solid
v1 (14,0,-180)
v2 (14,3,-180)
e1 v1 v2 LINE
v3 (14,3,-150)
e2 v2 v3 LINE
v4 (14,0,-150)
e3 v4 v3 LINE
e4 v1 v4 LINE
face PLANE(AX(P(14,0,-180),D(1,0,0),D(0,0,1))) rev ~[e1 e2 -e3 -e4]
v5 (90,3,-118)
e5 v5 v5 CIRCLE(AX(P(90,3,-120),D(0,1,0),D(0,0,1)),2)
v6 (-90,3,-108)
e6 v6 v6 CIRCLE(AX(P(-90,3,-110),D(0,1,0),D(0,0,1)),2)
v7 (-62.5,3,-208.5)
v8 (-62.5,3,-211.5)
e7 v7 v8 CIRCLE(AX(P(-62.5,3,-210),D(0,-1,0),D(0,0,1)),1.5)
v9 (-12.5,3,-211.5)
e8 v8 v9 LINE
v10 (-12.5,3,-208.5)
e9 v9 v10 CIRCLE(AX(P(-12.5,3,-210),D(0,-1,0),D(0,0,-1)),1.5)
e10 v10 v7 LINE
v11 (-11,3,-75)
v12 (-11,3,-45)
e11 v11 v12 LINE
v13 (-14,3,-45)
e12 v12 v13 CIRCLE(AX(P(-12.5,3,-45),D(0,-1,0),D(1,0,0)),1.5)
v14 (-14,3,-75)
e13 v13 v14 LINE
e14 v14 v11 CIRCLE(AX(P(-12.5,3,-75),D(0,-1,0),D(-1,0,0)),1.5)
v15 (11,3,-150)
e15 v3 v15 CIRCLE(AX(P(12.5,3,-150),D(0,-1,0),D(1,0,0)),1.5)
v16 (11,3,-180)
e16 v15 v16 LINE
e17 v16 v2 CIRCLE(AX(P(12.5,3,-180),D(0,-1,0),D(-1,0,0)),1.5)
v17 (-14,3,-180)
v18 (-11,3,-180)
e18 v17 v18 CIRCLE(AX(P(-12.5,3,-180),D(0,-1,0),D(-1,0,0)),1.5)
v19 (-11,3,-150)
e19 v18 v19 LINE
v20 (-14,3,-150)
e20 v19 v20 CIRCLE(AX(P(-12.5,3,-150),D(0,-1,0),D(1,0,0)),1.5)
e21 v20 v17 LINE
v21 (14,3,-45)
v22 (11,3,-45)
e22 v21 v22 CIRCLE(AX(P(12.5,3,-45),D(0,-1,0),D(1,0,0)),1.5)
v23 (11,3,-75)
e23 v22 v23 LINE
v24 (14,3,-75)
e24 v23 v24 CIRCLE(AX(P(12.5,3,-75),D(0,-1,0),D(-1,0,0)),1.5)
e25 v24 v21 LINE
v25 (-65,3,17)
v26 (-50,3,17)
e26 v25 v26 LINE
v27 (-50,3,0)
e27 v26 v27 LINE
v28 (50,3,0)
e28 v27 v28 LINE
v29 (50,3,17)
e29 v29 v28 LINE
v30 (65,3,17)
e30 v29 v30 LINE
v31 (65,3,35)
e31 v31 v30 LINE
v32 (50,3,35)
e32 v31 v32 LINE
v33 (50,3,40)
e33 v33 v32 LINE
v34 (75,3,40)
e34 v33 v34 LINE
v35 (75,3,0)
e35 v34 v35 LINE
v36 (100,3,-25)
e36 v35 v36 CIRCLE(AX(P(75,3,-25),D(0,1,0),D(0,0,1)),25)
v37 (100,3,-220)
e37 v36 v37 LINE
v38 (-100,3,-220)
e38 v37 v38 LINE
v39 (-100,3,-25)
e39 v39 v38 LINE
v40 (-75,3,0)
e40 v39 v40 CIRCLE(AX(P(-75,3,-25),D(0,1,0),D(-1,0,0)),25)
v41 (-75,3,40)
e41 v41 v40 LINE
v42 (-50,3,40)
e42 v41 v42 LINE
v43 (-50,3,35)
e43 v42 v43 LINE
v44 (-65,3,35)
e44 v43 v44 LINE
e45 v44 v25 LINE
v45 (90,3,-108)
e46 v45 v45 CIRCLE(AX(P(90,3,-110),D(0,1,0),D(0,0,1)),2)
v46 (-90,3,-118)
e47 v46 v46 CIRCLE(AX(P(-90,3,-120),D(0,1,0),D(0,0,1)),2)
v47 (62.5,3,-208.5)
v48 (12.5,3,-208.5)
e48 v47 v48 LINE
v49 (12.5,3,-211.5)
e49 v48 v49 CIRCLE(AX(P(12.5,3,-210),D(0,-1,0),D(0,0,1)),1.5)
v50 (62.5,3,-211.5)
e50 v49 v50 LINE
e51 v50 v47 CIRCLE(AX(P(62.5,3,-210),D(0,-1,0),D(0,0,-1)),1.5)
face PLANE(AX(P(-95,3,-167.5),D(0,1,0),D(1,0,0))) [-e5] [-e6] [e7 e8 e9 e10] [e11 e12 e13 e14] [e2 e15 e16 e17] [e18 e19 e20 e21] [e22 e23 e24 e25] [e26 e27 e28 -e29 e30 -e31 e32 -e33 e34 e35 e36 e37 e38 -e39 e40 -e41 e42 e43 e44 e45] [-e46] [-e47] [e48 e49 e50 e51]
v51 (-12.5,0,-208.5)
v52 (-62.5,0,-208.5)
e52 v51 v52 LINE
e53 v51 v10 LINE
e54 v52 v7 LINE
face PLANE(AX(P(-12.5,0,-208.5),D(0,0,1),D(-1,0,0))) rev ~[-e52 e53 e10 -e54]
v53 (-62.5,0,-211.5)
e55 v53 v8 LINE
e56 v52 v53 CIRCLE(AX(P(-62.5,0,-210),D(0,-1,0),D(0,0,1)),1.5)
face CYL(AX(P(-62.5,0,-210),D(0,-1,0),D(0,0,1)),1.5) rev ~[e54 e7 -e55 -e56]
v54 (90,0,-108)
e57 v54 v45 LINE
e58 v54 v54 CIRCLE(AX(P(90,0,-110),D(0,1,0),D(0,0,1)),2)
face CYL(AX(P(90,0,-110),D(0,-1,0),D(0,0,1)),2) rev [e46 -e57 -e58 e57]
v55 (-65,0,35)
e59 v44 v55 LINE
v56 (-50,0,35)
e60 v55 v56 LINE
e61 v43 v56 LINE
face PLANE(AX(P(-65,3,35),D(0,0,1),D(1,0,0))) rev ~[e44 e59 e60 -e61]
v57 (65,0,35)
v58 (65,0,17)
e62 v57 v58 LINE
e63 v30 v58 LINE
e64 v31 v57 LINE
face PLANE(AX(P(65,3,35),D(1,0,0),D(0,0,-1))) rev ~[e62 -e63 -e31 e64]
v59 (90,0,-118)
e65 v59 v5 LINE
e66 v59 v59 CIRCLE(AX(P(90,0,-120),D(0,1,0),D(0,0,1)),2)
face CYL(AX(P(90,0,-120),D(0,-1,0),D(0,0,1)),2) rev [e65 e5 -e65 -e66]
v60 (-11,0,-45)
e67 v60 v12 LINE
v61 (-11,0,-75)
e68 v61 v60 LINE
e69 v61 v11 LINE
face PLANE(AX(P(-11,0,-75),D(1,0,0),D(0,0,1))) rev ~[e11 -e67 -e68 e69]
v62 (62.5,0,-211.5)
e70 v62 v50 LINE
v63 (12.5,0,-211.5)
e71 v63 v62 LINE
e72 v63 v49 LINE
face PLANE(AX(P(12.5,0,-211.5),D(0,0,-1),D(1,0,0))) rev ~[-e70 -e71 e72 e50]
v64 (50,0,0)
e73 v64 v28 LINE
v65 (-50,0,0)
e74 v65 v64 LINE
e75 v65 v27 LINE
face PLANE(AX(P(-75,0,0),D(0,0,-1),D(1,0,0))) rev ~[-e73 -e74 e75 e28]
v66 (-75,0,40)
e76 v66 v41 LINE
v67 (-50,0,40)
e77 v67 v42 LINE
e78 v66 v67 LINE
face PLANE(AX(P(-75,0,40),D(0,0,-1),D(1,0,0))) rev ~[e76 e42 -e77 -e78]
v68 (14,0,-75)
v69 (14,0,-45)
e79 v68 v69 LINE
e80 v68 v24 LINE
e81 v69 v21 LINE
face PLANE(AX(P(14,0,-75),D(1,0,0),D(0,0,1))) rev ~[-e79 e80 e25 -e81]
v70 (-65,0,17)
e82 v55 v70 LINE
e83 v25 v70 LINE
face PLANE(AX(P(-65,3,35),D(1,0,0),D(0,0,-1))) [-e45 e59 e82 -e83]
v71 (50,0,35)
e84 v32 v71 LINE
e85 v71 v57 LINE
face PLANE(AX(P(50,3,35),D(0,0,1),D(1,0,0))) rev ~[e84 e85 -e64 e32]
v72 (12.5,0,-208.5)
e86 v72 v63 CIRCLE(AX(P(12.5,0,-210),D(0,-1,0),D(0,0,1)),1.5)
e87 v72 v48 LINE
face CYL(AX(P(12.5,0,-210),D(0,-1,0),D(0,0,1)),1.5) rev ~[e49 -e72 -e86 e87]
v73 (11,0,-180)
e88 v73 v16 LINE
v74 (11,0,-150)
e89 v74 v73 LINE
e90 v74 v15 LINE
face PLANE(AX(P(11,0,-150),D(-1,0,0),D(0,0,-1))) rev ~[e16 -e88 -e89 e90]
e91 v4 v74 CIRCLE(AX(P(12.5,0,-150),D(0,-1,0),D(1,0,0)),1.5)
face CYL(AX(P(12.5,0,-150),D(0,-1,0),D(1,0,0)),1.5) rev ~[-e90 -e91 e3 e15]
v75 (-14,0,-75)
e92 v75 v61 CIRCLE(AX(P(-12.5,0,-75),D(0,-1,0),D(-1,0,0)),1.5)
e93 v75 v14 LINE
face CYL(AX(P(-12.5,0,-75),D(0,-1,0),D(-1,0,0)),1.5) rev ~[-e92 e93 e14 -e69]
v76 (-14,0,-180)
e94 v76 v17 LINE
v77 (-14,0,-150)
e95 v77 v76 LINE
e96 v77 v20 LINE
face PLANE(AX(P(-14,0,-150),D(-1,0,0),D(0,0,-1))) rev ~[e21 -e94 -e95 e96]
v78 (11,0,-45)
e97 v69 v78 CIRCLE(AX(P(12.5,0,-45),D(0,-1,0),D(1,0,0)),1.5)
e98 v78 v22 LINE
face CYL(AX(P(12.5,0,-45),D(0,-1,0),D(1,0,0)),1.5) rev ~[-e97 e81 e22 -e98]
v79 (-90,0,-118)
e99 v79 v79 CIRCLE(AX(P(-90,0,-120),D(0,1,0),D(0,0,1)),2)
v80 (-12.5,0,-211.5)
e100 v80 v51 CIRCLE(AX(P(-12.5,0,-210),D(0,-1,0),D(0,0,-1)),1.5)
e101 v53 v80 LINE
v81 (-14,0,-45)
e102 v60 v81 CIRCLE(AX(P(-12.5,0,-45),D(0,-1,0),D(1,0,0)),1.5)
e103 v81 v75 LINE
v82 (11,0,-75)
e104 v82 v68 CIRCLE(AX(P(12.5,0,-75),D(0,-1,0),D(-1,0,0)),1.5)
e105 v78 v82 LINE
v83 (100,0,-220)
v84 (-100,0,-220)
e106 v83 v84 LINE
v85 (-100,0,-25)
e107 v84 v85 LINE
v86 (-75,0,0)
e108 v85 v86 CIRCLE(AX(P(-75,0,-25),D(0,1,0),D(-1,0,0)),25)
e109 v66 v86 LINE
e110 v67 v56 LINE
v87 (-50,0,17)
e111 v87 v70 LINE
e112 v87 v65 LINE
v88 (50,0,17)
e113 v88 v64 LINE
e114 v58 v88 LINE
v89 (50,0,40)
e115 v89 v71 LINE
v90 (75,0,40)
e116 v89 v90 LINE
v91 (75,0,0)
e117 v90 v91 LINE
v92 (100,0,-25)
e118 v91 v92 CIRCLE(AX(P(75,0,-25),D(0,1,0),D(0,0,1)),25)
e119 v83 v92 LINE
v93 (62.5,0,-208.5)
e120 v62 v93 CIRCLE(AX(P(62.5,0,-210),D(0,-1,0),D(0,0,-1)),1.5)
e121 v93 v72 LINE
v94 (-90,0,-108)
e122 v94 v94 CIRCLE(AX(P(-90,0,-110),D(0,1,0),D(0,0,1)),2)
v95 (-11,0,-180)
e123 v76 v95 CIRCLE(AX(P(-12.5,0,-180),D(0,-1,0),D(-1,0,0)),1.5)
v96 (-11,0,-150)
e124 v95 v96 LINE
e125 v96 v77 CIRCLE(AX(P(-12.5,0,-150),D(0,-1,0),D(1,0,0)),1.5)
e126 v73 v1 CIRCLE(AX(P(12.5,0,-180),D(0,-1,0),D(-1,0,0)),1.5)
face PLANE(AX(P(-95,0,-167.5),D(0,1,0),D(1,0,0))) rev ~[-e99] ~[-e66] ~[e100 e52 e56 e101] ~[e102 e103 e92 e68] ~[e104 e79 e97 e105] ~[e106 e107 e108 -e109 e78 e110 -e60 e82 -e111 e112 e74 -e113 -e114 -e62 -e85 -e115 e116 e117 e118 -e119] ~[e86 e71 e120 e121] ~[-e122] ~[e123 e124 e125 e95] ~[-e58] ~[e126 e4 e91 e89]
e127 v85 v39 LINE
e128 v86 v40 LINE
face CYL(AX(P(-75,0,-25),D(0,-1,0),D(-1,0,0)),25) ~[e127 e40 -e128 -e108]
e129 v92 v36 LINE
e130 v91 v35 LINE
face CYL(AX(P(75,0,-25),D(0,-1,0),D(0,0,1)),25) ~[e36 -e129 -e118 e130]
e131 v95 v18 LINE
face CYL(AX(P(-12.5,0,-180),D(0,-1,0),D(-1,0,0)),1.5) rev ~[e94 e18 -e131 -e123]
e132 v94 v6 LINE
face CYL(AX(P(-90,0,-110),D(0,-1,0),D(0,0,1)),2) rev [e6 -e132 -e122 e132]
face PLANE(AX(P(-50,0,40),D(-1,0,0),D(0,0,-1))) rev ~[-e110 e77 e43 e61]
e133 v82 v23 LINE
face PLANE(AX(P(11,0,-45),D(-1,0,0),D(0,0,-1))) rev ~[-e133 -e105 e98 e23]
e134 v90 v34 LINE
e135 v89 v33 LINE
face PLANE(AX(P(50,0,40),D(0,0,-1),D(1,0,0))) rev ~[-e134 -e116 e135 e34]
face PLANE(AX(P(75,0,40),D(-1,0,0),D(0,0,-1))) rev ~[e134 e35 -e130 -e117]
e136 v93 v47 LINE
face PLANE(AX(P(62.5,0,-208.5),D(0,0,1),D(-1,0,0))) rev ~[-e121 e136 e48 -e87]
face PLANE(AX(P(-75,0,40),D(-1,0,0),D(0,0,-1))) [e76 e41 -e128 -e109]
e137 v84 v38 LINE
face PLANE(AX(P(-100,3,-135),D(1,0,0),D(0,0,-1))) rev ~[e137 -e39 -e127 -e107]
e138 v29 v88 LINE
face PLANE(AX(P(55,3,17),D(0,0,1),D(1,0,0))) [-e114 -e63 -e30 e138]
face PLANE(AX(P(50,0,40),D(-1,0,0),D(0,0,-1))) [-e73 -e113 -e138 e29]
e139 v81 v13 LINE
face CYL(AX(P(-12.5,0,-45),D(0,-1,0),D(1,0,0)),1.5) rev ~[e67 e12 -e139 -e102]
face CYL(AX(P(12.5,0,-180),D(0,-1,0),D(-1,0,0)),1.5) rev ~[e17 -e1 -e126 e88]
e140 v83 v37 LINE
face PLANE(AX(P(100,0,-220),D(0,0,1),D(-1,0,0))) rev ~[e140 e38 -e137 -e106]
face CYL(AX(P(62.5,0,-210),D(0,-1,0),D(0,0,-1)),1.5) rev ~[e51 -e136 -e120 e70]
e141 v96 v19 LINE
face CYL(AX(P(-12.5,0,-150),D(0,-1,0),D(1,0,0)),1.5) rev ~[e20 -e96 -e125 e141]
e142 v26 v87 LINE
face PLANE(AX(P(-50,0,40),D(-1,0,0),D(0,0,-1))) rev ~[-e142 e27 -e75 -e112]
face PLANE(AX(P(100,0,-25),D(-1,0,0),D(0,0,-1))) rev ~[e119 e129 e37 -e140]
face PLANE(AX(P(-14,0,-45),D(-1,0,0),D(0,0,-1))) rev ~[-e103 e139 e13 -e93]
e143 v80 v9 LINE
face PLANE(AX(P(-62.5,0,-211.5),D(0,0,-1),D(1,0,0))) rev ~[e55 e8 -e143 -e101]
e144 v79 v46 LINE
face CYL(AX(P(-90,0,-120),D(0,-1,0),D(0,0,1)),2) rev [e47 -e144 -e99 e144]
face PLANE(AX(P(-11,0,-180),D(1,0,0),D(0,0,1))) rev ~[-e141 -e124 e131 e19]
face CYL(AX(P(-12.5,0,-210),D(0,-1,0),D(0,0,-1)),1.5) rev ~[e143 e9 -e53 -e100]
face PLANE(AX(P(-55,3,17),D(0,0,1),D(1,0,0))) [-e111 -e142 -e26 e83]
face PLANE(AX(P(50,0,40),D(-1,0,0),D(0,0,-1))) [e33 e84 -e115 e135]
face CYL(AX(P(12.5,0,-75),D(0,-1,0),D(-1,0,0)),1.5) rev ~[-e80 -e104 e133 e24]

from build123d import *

# Parameters (mm, degrees)
SKETCH1_R           = 2
BOSS_EXTRUDE1_DEPTH = 3
SKETCH1_3_W         = 25
SKETCH1_3_H         = 40
BOSS_EXTRUDE4_DEPTH = 3
SKETCH4_W           = 5
SKETCH4_H           = 18
CUT_EXTRUDE1_DEPTH  = 10
SKETCH5_W           = 10
SKETCH5_H           = 18
CUT_EXTRUDE2_DEPTH  = 10
SKETCH8_W           = 10
SKETCH8_H           = 18
CUT_EXTRUDE3_DEPTH  = 10
SKETCH9_W           = 10
SKETCH9_H           = 65
BOSS_EXTRUDE7_DEPTH = 3


with BuildPart() as part:
    # Sketch1 → Boss-Extrude1 (new body)
    with BuildSketch(Plane(origin=(0, 0, 0), x_dir=(1, 0, 0), z_dir=(0, 1, 0))):
        with BuildLine():
            ThreePointArc((-100, 25), (-92.67766953, 7.32233047), (-75, 0))
            Line((-75, 0), (-50, 0))
            Line((-50, 0), (50, 0))
            Line((50, 0), (75, 0))
            ThreePointArc((75, 0), (92.67766953, 7.32233047), (100, 25))
            Line((100, 25), (100, 135))
            Line((100, 135), (90, 135))
            Line((90, 135), (90, 200))
            Line((90, 200), (100, 200))
            Line((100, 200), (100, 220))
            Line((100, 220), (-100, 220))
            Line((-100, 220), (-100, 200))
            Line((-100, 200), (-90, 200))
            Line((-90, 200), (-90, 135))
            Line((-90, 135), (-100, 135))
            Line((-100, 135), (-100, 25))
        make_face()
        with BuildLine():
            Line((-14, 45), (-14, 75))
            ThreePointArc((-14, 75), (-12.5, 76.5), (-11, 75))
            Line((-11, 75), (-11, 45))
            ThreePointArc((-11, 45), (-12.5, 43.5), (-14, 45))
        make_face(mode=Mode.SUBTRACT)
        with BuildLine():
            ThreePointArc((11, 75), (12.5, 76.5), (14, 75))
            Line((14, 75), (14, 45))
            ThreePointArc((14, 45), (12.5, 43.5), (11, 45))
            Line((11, 45), (11, 75))
        make_face(mode=Mode.SUBTRACT)
        with Locations((-90, 110)):
            Circle(SKETCH1_R, mode=Mode.SUBTRACT)
        with Locations((-90, 120)):
            Circle(SKETCH1_R, mode=Mode.SUBTRACT)
        with BuildLine():
            Line((-14, 150), (-14, 180))
            ThreePointArc((-14, 180), (-12.5, 181.5), (-11, 180))
            Line((-11, 180), (-11, 150))
            ThreePointArc((-11, 150), (-12.5, 148.5), (-14, 150))
        make_face(mode=Mode.SUBTRACT)
        with BuildLine():
            Line((-62.5, 211.5), (-12.5, 211.5))
            ThreePointArc((-12.5, 211.5), (-11, 210), (-12.5, 208.5))
            Line((-12.5, 208.5), (-62.5, 208.5))
            ThreePointArc((-62.5, 208.5), (-64, 210), (-62.5, 211.5))
        make_face(mode=Mode.SUBTRACT)
        with Locations((90, 110)):
            Circle(SKETCH1_R, mode=Mode.SUBTRACT)
        with Locations((90, 120)):
            Circle(SKETCH1_R, mode=Mode.SUBTRACT)
        with BuildLine():
            ThreePointArc((11, 180), (12.5, 181.5), (14, 180))
            Line((14, 180), (14, 150))
            ThreePointArc((14, 150), (12.5, 148.5), (11, 150))
            Line((11, 150), (11, 180))
        make_face(mode=Mode.SUBTRACT)
        with BuildLine():
            ThreePointArc((12.5, 208.5), (11, 210), (12.5, 211.5))
            Line((12.5, 211.5), (62.5, 211.5))
            ThreePointArc((62.5, 211.5), (64, 210), (62.5, 208.5))
            Line((62.5, 208.5), (12.5, 208.5))
        make_face(mode=Mode.SUBTRACT)
    extrude(amount=BOSS_EXTRUDE1_DEPTH)

    # Sketch1<3> → Boss-Extrude4 (add)
    with BuildSketch(Plane(origin=(0, 0, 0), x_dir=(1, 0, 0), z_dir=(0, 1, 0))):
        with Locations((-62.5, -20)):
            Rectangle(SKETCH1_3_W, SKETCH1_3_H)
        with Locations((62.5, -20)):
            Rectangle(SKETCH1_3_W, SKETCH1_3_H)
    extrude(amount=BOSS_EXTRUDE4_DEPTH)

    # Sketch4 → Cut-Extrude1 (cut)
    with BuildSketch(Plane(origin=(0, 3, 0), x_dir=(1, 0, 0), z_dir=(0, 1, 0))):
        with Locations((-52.5, -26)):
            Rectangle(SKETCH4_W, SKETCH4_H)
        with Locations((52.5, -26)):
            Rectangle(SKETCH4_W, SKETCH4_H)
    extrude(amount=-CUT_EXTRUDE1_DEPTH, mode=Mode.SUBTRACT)

    # Sketch5 → Cut-Extrude2 (cut)
    with BuildSketch(Plane(origin=(0, 3, 0), x_dir=(1, 0, 0), z_dir=(0, 1, 0))):
        with Locations((60, -26)):
            Rectangle(SKETCH5_W, SKETCH5_H)
    extrude(amount=-CUT_EXTRUDE2_DEPTH, mode=Mode.SUBTRACT)

    # Sketch8 → Cut-Extrude3 (cut)
    with BuildSketch(Plane(origin=(0, 3, 0), x_dir=(1, 0, 0), z_dir=(0, 1, 0))):
        with Locations((-60, -26)):
            Rectangle(SKETCH8_W, SKETCH8_H)
    extrude(amount=-CUT_EXTRUDE3_DEPTH, mode=Mode.SUBTRACT)

    # Sketch9 → Boss-Extrude7 (add)
    with BuildSketch(Plane(origin=(0, 3, 0), x_dir=(1, 0, 0), z_dir=(0, 1, 0))):
        with Locations((-95, 167.5)):
            Rectangle(SKETCH9_W, SKETCH9_H)
        with Locations((95, 167.5)):
            Rectangle(SKETCH9_W, SKETCH9_H)
    extrude(amount=-BOSS_EXTRUDE7_DEPTH)


solid = part.part
